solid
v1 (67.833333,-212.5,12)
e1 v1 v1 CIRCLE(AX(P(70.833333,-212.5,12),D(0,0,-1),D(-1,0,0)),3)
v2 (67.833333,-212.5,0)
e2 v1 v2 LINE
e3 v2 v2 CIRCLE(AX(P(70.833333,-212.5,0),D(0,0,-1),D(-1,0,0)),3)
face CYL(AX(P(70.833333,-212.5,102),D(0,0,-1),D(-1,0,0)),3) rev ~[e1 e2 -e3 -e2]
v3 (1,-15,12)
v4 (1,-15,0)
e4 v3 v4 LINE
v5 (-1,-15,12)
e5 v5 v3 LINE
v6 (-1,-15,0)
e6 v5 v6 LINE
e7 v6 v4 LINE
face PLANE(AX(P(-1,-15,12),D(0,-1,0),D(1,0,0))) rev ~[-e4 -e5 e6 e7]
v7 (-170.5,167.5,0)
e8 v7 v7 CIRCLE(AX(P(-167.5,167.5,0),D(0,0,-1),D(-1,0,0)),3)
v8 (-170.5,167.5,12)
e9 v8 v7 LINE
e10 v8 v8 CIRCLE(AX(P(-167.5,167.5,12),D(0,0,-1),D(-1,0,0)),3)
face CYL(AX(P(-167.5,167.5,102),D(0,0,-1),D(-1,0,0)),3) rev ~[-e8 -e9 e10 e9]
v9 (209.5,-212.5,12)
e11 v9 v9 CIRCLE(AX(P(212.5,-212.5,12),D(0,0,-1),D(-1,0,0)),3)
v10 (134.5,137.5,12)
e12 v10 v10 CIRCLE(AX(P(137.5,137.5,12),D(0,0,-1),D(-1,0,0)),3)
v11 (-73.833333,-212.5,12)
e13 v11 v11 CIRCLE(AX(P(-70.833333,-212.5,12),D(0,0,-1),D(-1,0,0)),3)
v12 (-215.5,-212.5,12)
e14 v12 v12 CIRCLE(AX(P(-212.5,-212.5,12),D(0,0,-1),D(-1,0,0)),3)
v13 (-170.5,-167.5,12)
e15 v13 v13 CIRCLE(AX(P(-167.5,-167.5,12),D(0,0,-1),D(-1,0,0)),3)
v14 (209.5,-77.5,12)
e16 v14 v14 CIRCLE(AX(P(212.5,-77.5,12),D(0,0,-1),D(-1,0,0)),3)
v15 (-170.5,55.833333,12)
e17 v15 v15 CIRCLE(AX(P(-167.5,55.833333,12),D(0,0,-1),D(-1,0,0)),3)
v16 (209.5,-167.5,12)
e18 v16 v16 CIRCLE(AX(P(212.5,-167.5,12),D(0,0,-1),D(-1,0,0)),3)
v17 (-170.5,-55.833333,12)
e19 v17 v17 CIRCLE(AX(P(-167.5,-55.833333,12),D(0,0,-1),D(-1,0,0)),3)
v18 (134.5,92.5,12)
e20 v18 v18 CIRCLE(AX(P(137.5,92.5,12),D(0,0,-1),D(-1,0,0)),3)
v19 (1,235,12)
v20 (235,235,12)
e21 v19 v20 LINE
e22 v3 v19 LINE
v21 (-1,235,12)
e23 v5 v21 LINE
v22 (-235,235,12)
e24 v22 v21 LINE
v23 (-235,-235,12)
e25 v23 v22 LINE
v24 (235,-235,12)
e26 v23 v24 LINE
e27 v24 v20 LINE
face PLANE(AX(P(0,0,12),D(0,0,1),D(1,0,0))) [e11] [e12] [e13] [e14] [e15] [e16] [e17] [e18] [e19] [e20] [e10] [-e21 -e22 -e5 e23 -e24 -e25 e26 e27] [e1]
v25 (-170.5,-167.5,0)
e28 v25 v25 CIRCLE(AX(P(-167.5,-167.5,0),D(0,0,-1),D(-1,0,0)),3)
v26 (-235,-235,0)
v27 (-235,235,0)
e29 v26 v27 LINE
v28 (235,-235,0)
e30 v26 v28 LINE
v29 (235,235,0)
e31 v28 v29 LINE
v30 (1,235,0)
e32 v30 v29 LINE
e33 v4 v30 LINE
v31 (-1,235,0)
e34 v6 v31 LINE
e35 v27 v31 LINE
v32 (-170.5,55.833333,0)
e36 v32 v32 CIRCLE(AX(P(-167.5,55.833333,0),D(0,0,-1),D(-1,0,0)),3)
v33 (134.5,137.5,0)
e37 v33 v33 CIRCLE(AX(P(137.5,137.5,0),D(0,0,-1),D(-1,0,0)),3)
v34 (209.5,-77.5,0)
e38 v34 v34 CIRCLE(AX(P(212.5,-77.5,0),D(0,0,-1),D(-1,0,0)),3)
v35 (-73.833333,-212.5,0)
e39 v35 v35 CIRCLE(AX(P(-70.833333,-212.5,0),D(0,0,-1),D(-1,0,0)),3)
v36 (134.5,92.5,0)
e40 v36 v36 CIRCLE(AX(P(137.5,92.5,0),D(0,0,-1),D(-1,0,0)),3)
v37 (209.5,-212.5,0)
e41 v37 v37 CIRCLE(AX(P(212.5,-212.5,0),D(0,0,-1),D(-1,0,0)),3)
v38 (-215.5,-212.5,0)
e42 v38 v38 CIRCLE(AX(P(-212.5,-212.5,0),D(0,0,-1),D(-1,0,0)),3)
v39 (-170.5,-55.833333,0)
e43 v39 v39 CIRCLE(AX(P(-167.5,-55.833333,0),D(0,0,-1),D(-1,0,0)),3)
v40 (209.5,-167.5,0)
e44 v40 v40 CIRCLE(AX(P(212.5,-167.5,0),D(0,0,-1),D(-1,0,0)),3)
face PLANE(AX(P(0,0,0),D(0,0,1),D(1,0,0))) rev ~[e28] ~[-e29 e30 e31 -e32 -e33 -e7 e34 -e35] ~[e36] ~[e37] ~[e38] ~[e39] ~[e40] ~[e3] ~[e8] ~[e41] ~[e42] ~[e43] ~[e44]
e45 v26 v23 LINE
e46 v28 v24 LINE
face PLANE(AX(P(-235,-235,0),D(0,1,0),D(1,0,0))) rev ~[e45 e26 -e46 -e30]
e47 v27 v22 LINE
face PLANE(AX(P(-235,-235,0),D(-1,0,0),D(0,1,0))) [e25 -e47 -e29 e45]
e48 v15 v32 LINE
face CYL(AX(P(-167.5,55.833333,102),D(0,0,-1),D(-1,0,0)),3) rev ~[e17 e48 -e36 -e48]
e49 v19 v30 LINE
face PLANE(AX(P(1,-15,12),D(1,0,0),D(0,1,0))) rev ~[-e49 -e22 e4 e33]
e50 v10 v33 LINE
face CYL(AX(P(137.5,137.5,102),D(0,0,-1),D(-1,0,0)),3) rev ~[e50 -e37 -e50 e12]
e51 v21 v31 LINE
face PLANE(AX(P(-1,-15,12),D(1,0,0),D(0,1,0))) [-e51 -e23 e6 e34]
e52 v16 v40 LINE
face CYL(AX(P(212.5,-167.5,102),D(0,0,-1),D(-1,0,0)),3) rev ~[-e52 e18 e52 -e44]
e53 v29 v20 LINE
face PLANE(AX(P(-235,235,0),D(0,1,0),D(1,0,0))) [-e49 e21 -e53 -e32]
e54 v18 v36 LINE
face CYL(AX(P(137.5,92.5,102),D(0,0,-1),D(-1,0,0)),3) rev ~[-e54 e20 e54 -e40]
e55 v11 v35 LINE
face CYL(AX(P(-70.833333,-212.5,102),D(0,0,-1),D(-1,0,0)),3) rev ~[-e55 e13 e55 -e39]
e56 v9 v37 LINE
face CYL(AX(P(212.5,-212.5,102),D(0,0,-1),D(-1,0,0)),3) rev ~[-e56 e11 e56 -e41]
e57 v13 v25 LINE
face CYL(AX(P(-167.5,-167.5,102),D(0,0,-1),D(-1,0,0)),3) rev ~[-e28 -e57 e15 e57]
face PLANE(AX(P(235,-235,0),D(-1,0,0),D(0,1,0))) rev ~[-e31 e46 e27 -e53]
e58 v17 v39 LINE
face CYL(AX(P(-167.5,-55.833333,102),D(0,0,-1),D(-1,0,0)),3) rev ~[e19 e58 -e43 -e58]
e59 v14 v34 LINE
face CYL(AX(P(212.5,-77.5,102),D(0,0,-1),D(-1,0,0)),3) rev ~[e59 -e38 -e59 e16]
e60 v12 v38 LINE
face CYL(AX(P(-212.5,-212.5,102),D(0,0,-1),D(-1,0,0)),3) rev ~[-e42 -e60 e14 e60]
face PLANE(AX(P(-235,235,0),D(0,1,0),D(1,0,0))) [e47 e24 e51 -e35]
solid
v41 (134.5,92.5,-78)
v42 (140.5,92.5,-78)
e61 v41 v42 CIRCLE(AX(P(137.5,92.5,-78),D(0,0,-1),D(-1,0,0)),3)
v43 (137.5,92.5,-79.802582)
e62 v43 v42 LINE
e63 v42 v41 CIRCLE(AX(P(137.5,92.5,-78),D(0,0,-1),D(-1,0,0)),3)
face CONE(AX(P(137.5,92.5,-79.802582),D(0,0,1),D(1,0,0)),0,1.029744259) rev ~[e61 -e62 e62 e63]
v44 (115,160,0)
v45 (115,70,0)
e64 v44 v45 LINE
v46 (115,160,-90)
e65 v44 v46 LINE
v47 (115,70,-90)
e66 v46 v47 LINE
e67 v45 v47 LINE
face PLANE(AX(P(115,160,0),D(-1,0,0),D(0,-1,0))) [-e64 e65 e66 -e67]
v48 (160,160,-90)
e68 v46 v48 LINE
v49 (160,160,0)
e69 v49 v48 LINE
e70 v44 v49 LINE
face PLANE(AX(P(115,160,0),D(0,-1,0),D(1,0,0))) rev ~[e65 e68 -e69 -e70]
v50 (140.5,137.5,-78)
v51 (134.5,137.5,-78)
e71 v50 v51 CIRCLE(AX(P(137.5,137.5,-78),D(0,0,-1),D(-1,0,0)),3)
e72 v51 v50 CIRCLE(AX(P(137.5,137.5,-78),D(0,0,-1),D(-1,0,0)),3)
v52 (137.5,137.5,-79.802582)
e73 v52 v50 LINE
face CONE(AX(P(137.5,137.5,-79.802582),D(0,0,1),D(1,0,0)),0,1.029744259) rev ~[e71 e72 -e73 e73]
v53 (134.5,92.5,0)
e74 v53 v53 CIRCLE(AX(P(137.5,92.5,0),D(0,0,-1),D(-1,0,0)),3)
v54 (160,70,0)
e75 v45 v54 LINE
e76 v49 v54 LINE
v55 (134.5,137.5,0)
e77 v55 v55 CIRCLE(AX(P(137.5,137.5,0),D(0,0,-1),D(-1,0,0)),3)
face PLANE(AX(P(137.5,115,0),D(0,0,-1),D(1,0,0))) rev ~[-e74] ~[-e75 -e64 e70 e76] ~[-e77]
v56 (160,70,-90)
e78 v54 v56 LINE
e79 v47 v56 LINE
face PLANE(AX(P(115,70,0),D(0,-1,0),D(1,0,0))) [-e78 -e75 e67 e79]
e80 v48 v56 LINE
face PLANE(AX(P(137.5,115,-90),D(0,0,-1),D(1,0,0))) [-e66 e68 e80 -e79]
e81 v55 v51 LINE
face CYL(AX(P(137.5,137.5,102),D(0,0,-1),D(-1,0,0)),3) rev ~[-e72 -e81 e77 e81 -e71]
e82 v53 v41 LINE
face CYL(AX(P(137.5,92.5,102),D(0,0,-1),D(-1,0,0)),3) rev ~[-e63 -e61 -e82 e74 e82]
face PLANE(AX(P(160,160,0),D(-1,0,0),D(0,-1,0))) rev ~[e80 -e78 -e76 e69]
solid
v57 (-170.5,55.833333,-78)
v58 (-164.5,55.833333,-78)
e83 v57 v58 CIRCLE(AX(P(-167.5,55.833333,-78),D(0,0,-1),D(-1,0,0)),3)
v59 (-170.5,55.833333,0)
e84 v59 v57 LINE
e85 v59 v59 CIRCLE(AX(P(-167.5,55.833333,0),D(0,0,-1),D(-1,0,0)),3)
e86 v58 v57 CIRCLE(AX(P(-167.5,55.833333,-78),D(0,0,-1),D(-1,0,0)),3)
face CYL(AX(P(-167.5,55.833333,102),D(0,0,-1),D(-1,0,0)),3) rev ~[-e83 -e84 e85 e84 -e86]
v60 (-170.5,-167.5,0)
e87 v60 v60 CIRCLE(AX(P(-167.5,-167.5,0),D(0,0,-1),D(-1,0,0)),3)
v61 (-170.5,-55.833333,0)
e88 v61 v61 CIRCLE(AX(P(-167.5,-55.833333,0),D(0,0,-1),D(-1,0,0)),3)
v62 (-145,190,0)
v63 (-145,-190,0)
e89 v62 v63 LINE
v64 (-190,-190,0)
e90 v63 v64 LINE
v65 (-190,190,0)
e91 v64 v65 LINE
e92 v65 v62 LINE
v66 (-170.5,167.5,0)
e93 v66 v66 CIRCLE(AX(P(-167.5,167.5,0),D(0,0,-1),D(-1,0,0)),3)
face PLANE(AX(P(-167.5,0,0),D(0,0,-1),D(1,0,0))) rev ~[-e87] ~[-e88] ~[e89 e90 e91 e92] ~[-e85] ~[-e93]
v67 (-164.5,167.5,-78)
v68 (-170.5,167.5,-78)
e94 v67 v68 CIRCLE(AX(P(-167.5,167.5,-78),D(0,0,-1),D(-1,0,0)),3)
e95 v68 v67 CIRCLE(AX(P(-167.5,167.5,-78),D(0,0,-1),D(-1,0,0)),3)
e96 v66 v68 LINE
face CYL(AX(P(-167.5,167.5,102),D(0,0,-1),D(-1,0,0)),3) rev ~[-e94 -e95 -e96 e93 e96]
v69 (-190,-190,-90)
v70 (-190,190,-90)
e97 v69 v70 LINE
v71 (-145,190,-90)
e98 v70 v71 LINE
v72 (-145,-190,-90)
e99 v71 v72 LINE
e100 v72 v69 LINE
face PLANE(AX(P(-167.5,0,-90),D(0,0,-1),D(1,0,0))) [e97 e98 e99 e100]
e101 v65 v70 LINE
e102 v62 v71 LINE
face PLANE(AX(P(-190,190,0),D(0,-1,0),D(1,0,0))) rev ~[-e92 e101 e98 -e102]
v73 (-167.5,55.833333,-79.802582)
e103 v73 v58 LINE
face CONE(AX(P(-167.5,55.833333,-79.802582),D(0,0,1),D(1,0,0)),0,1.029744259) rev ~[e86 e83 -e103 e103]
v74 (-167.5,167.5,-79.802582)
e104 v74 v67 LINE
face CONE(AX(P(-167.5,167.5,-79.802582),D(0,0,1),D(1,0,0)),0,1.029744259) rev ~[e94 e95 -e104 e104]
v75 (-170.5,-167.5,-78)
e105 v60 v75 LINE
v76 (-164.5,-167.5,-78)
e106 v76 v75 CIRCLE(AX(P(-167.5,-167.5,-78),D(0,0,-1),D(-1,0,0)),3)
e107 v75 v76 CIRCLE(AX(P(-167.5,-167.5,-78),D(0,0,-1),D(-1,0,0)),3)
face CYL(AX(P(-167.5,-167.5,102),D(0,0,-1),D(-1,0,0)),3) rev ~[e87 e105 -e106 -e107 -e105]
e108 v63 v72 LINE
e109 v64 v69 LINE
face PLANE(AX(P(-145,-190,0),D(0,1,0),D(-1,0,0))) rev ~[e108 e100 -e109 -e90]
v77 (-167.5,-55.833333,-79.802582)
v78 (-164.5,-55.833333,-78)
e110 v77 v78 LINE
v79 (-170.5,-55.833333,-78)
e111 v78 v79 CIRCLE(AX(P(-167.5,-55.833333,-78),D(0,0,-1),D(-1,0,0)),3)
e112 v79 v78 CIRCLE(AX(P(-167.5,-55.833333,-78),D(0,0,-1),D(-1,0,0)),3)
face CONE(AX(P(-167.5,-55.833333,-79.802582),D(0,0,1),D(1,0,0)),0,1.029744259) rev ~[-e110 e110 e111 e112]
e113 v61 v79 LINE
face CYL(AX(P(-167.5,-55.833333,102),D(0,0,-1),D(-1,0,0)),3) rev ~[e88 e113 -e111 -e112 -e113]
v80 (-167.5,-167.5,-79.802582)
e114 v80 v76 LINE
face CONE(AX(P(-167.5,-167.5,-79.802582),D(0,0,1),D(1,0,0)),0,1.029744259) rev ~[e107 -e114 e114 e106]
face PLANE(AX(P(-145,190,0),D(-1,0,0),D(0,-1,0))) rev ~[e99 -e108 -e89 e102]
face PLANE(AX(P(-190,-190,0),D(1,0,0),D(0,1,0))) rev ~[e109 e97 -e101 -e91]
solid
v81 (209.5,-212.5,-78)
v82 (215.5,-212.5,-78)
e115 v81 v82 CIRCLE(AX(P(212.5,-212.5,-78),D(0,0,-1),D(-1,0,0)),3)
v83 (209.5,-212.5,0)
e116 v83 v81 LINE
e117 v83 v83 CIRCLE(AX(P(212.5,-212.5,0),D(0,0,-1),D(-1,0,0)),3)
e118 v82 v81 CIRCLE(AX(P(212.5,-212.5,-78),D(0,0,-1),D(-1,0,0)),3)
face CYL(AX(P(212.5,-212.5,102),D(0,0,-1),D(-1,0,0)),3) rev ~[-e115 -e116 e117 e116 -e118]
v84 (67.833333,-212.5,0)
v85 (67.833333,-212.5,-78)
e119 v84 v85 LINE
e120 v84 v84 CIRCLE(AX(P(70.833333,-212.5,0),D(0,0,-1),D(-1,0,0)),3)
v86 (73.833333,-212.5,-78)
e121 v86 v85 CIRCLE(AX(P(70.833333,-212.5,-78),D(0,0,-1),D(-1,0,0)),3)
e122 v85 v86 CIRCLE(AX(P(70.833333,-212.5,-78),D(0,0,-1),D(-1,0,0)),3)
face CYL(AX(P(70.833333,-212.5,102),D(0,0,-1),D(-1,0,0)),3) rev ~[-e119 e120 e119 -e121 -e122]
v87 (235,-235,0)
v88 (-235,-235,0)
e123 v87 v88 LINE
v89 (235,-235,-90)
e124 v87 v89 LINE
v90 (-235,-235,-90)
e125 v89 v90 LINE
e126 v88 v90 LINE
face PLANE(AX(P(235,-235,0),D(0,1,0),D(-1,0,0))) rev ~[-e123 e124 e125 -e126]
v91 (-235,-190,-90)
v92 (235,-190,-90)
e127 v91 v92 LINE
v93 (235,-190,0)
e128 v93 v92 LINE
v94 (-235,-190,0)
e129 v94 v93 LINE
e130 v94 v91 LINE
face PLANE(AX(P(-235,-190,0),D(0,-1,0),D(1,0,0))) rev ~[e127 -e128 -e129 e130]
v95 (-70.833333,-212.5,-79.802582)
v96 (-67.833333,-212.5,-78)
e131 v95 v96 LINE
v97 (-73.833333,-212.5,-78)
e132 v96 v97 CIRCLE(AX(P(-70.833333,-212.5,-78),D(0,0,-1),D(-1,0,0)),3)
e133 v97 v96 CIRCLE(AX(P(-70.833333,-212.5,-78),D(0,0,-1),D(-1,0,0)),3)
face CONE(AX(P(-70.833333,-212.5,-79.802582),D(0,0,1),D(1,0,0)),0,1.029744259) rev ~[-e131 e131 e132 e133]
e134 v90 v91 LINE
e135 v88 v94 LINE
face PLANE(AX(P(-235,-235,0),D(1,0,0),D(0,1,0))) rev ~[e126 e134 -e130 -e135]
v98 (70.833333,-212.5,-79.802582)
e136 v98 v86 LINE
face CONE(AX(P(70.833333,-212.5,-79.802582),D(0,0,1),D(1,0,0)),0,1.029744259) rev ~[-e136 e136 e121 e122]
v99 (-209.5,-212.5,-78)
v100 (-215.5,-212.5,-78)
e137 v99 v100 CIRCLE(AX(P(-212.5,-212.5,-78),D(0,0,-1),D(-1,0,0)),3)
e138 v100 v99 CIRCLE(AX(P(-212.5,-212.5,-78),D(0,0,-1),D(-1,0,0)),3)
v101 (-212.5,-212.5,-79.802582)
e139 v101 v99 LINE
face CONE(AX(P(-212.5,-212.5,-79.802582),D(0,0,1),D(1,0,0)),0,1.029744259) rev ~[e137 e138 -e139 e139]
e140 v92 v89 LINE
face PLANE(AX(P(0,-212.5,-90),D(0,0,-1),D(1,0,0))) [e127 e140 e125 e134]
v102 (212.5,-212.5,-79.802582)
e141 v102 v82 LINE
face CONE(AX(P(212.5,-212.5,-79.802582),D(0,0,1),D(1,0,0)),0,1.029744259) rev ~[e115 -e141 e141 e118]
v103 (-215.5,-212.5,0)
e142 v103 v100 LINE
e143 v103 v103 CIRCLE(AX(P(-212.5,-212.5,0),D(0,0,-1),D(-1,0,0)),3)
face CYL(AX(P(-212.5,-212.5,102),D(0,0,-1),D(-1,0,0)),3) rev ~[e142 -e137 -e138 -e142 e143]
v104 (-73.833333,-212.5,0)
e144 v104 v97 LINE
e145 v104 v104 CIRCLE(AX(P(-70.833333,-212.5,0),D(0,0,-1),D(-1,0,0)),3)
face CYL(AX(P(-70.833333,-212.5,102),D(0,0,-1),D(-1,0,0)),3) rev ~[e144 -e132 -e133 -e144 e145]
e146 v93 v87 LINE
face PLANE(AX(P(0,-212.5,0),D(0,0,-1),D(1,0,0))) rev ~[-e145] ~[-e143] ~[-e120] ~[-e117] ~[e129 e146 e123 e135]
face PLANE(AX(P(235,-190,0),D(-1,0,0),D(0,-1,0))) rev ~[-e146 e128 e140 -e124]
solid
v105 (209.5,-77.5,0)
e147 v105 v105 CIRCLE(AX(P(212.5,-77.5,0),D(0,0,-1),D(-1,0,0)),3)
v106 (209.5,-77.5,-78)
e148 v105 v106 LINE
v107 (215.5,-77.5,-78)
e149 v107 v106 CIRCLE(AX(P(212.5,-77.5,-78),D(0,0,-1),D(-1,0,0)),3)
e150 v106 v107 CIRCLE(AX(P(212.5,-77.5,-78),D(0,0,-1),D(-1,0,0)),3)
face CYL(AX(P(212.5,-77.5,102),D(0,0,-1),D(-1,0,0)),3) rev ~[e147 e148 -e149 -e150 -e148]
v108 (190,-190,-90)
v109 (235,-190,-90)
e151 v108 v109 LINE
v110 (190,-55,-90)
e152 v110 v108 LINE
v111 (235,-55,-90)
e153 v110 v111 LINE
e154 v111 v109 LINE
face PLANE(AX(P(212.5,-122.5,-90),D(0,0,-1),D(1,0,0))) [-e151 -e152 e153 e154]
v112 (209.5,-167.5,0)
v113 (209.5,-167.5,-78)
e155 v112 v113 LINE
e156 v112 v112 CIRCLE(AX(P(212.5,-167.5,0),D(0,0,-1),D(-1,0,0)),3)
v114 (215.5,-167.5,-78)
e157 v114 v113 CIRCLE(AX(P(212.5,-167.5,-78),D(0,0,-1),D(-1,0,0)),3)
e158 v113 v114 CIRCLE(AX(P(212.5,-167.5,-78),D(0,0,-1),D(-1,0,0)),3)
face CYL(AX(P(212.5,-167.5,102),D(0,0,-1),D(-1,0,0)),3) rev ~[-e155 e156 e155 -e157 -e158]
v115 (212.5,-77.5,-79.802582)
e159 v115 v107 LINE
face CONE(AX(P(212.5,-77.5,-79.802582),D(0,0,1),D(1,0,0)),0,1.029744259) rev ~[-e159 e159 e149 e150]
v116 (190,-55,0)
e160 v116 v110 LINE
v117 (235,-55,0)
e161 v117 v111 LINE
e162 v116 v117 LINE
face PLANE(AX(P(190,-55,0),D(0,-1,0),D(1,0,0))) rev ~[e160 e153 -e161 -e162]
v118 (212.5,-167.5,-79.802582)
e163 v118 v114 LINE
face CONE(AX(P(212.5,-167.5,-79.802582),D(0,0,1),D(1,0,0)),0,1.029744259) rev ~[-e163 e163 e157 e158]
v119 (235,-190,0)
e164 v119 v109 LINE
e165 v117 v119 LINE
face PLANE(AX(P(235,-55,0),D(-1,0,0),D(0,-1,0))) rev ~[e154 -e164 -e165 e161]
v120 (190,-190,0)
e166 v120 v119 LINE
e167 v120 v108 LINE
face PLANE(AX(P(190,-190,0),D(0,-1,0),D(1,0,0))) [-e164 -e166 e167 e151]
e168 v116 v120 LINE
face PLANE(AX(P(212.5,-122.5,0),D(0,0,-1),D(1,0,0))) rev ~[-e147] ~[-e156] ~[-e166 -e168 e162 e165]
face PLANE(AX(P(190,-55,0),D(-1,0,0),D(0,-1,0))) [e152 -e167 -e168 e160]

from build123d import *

# Parameters (mm, degrees)
F0_W        = 470
F0_H        = 470
F1_DEPTH    = 12
F3_DEPTH    = 90
F4_DEPTH    = 90
F2_W        = 45
F2_H        = 135
F5_DEPTH    = 90
F2_H_2      = 90
F6_DEPTH    = 90
F7_W        = 2
F7_H        = 250
F8_DEPTH    = 102.001
F10_D       = 6
F10_DEPTH   = 90
F10_TIP     = 1.8025818571
F10_2_D     = 6
F10_2_DEPTH = 90
F10_2_TIP   = 1.8025818571
F10_3_D     = 6
F10_3_DEPTH = 90
F10_3_TIP   = 1.8025818571
F10_4_D     = 6
F10_4_DEPTH = 90
F10_4_TIP   = 1.8025818571
F10_5_D     = 6
F10_5_DEPTH = 90
F10_5_TIP   = 1.8025818571


with BuildPart() as f1:
    # F0 (on Top) → F1 (new body)
    with BuildSketch(Plane.XY):
        Rectangle(F0_W, F0_H)
    extrude(amount=F1_DEPTH)

    # F7 (on face) → F8 (cut, through all)
    with BuildSketch(Plane.XY.offset(12)):
        with Locations((0, 110)):
            Rectangle(F7_W, F7_H)
    extrude(amount=-F8_DEPTH, mode=Mode.SUBTRACT)

    # F10
    with Locations(Plane.XY.offset(12)):
        with Locations((-212.5, -212.5), (-70.8333333333, -212.5), (70.8333333333, -212.5), (212.5, -212.5), (212.5, -167.5), (212.5, -77.5), (137.5, 92.5), (137.5, 137.5), (-167.5, -167.5), (-167.5, -55.8333333333), (-167.5, 55.8333333333), (-167.5, 167.5)):
            Hole(F10_D / 2, depth=F10_DEPTH)
            with Locations((0, 0, -(F10_DEPTH + F10_TIP / 2))):  # 118° drill point
                Cone(0, F10_D / 2, F10_TIP, mode=Mode.SUBTRACT)


with BuildPart() as f3:
    # F2 (on face) → F3 (new body)
    with BuildSketch(Plane(origin=(0, 0, 0), x_dir=(1, 0, 0), z_dir=(0, 0, -1))):
        Polygon((235, 235), (-235, 235), (-235, 190), (-190, 190), (-145, 190), (190, 190), (235, 190), align=None)
    extrude(amount=F3_DEPTH)

    # F10#2
    with Locations(Plane.XY.offset(12)):
        with Locations((-212.5, -212.5), (-70.8333333333, -212.5), (70.8333333333, -212.5), (212.5, -212.5), (212.5, -167.5), (212.5, -77.5), (137.5, 92.5), (137.5, 137.5), (-167.5, -167.5), (-167.5, -55.8333333333), (-167.5, 55.8333333333), (-167.5, 167.5)):
            Hole(F10_2_D / 2, depth=F10_2_DEPTH)
            with Locations((0, 0, -(F10_2_DEPTH + F10_2_TIP / 2))):  # 118° drill point
                Cone(0, F10_2_D / 2, F10_2_TIP, mode=Mode.SUBTRACT)


with BuildPart() as f4:
    # F2 (on face) → F4 (new body)
    with BuildSketch(Plane(origin=(0, 0, 0), x_dir=(1, 0, 0), z_dir=(0, 0, -1))):
        Polygon((-145, 190), (-190, 190), (-190, -145), (-190, -190), (-145, -190), align=None)
    extrude(amount=F4_DEPTH)

    # F10#3
    with Locations(Plane.XY.offset(12)):
        with Locations((-212.5, -212.5), (-70.8333333333, -212.5), (70.8333333333, -212.5), (212.5, -212.5), (212.5, -167.5), (212.5, -77.5), (137.5, 92.5), (137.5, 137.5), (-167.5, -167.5), (-167.5, -55.8333333333), (-167.5, 55.8333333333), (-167.5, 167.5)):
            Hole(F10_3_D / 2, depth=F10_3_DEPTH)
            with Locations((0, 0, -(F10_3_DEPTH + F10_3_TIP / 2))):  # 118° drill point
                Cone(0, F10_3_D / 2, F10_3_TIP, mode=Mode.SUBTRACT)


with BuildPart() as f5:
    # F2 (on face) → F5 (new body)
    with BuildSketch(Plane(origin=(0, 0, 0), x_dir=(1, 0, 0), z_dir=(0, 0, -1))):
        with Locations((212.5, 122.5)):
            Rectangle(F2_W, F2_H)
    extrude(amount=F5_DEPTH)

    # F10#4
    with Locations(Plane.XY.offset(12)):
        with Locations((-212.5, -212.5), (-70.8333333333, -212.5), (70.8333333333, -212.5), (212.5, -212.5), (212.5, -167.5), (212.5, -77.5), (137.5, 92.5), (137.5, 137.5), (-167.5, -167.5), (-167.5, -55.8333333333), (-167.5, 55.8333333333), (-167.5, 167.5)):
            Hole(F10_4_D / 2, depth=F10_4_DEPTH)
            with Locations((0, 0, -(F10_4_DEPTH + F10_4_TIP / 2))):  # 118° drill point
                Cone(0, F10_4_D / 2, F10_4_TIP, mode=Mode.SUBTRACT)


with BuildPart() as f6:
    # F2 (on face) → F6 (new body)
    with BuildSketch(Plane(origin=(0, 0, 0), x_dir=(1, 0, 0), z_dir=(0, 0, -1))):
        with Locations((137.5, -115)):
            Rectangle(F2_W, F2_H_2)
    extrude(amount=F6_DEPTH)

    # F10#5
    with Locations(Plane.XY.offset(12)):
        with Locations((-212.5, -212.5), (-70.8333333333, -212.5), (70.8333333333, -212.5), (212.5, -212.5), (212.5, -167.5), (212.5, -77.5), (137.5, 92.5), (137.5, 137.5), (-167.5, -167.5), (-167.5, -55.8333333333), (-167.5, 55.8333333333), (-167.5, 167.5)):
            Hole(F10_5_D / 2, depth=F10_5_DEPTH)
            with Locations((0, 0, -(F10_5_DEPTH + F10_5_TIP / 2))):  # 118° drill point
                Cone(0, F10_5_D / 2, F10_5_TIP, mode=Mode.SUBTRACT)


solid = Compound([f1.part, f3.part, f4.part, f5.part, f6.part])
